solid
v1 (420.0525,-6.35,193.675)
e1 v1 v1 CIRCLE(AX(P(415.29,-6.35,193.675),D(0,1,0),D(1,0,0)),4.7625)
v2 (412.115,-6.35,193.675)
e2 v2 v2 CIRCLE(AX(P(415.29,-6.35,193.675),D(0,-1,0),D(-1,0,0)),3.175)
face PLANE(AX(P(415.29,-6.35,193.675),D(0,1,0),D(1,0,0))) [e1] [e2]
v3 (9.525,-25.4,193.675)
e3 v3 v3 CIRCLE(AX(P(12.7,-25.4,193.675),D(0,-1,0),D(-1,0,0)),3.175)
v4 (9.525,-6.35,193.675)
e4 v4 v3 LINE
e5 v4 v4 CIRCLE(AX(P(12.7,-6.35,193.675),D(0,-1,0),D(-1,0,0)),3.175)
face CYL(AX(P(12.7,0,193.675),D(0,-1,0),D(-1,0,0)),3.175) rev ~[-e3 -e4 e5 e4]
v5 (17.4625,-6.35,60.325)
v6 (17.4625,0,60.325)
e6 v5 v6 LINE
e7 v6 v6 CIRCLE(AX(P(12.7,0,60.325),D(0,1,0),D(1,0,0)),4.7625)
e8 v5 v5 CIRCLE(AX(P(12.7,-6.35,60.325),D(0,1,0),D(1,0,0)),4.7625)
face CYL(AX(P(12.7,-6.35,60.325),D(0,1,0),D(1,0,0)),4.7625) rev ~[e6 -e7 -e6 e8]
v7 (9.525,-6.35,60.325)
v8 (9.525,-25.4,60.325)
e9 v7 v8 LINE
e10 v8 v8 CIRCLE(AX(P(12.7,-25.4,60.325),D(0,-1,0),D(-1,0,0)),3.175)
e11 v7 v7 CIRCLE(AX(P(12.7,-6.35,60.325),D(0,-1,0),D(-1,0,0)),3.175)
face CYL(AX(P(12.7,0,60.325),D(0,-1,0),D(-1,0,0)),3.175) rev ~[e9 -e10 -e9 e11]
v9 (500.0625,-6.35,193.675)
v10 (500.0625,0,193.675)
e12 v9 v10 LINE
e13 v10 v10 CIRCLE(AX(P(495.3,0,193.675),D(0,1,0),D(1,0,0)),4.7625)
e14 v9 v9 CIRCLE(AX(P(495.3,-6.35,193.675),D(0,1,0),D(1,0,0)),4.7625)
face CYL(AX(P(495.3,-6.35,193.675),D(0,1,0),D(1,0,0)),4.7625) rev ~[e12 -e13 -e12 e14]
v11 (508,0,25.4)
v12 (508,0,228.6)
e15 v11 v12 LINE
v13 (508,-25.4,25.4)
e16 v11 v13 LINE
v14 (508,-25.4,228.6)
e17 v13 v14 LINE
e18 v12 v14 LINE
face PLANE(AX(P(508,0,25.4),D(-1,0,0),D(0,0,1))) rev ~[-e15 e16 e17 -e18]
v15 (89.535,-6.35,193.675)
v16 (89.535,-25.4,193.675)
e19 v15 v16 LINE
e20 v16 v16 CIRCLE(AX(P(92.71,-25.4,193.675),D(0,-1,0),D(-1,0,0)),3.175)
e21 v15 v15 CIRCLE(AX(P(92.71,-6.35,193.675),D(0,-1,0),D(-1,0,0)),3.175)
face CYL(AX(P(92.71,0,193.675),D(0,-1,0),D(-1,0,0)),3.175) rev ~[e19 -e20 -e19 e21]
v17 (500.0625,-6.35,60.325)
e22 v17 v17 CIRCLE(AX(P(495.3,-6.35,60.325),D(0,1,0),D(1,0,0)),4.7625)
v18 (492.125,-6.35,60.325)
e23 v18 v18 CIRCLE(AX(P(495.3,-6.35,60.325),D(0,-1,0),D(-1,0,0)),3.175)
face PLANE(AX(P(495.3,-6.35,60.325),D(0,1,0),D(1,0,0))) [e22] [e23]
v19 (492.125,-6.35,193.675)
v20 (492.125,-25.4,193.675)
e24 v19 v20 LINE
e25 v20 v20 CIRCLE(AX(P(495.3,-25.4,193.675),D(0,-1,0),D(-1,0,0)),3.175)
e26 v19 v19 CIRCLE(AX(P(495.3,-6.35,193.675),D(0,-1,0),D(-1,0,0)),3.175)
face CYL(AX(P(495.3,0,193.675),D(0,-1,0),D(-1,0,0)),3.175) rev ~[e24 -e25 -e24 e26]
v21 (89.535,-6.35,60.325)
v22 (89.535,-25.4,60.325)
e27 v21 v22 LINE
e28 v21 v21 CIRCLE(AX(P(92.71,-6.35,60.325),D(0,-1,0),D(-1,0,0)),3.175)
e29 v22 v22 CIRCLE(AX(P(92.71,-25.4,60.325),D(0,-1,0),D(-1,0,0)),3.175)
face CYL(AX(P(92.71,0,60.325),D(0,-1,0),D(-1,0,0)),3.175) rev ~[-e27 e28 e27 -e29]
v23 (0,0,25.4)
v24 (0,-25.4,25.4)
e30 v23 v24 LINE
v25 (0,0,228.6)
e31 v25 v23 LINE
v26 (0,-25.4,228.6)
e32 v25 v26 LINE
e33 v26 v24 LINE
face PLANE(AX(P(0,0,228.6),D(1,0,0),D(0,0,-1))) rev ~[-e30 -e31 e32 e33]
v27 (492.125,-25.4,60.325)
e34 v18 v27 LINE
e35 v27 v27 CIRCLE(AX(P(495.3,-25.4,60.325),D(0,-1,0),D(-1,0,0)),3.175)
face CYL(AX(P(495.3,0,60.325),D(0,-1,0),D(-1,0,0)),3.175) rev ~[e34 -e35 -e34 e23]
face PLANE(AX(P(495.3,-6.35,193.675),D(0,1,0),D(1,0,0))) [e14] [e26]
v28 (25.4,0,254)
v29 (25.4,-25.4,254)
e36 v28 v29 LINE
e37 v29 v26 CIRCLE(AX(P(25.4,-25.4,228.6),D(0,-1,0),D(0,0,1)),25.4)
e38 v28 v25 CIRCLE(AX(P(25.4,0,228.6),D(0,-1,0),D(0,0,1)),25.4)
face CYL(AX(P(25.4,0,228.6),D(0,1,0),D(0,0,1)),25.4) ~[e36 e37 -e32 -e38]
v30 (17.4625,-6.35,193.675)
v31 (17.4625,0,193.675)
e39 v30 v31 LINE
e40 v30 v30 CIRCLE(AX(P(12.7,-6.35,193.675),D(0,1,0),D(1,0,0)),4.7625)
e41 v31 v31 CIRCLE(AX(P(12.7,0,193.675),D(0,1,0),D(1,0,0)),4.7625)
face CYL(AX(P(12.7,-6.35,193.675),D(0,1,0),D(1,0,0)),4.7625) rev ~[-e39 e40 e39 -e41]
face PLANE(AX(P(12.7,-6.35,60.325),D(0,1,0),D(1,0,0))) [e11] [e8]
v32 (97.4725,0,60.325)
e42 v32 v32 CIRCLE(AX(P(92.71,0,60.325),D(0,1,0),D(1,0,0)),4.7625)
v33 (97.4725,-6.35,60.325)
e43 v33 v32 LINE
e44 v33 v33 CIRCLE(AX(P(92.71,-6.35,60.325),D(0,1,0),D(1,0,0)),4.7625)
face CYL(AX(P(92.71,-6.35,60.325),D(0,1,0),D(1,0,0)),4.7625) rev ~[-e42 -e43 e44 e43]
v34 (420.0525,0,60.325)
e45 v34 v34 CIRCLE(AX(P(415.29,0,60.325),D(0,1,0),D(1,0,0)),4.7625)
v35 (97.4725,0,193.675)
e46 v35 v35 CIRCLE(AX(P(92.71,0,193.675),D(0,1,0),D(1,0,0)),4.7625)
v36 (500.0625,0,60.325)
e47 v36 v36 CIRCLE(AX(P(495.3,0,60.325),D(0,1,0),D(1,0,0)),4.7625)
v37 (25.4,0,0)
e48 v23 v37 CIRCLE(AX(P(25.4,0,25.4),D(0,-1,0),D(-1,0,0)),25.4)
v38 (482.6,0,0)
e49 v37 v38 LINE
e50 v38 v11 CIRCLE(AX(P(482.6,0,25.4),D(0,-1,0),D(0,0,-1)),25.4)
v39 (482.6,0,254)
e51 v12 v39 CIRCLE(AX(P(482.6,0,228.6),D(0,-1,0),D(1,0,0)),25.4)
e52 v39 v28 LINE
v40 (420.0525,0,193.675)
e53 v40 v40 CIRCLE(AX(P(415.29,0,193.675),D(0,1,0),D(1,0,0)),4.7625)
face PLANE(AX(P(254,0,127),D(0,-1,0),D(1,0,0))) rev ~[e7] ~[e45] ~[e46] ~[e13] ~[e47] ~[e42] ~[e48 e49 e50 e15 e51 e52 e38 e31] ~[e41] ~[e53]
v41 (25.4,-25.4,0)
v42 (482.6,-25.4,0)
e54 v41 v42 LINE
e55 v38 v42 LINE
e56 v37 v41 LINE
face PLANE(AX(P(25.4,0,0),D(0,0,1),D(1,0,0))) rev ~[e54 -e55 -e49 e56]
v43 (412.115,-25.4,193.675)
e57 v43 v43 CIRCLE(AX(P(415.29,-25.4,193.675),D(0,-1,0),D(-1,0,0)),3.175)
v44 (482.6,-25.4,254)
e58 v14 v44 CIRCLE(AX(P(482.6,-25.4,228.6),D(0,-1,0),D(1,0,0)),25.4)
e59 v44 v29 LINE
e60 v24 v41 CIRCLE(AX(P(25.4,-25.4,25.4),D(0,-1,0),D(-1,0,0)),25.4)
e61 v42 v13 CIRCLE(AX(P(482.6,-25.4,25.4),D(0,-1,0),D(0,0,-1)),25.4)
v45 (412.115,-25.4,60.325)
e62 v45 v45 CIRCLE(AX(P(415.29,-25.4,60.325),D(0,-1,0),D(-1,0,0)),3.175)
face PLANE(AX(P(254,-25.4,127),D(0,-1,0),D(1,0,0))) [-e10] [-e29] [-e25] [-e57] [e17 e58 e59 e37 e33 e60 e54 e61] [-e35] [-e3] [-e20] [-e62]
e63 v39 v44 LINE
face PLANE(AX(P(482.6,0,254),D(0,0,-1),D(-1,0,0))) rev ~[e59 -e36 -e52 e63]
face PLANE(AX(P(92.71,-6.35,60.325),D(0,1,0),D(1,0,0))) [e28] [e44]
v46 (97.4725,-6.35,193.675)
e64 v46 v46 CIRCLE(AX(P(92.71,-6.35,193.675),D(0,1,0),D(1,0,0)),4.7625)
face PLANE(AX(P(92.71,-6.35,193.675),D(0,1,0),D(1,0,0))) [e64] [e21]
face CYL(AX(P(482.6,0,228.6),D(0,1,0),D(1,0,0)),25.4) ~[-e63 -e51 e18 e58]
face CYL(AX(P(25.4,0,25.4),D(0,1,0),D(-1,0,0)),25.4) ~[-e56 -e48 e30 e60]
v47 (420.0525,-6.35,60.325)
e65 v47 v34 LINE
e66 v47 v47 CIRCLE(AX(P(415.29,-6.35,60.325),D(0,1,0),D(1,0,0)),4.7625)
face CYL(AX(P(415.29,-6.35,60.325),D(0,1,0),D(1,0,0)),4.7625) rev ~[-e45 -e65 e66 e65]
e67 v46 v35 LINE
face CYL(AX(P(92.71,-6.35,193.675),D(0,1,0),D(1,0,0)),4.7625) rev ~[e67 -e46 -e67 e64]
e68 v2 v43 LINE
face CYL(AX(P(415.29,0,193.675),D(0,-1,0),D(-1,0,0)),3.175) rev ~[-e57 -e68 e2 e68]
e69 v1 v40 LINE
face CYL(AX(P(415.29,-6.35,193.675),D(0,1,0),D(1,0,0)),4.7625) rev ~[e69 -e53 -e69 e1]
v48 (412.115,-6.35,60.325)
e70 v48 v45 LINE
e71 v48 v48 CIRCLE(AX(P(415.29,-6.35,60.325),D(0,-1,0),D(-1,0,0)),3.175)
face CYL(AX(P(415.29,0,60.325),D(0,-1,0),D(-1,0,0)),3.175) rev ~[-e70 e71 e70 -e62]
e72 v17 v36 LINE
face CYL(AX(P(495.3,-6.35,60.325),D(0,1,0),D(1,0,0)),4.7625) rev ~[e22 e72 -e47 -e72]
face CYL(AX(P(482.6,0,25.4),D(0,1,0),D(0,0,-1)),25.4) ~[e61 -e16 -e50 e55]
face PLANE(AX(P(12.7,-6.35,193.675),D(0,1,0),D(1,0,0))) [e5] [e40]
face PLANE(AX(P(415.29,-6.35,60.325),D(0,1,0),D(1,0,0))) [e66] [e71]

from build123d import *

# Parameters (mm, degrees)
F1_DEPTH       = 25.4
F2_D           = 6.35
F2_CBORE_D     = 9.525
F2_CBORE_DEPTH = 6.35


with BuildPart() as f1:
    # F0 (on Front) → F1 (new body)
    with BuildSketch(Plane.XZ):
        with BuildLine():
            Line((0, 228.6), (0, 25.4))
            ThreePointArc((0, 25.4), (7.4394877579, 7.4394877579), (25.4, 0))
            Line((25.4, 0), (482.6, 0))
            ThreePointArc((482.6, 0), (500.5605122421, 7.4394877579), (508, 25.4))
            Line((508, 25.4), (508, 228.6))
            ThreePointArc((508, 228.6), (500.5605122421, 246.5605122421), (482.6, 254))
            Line((482.6, 254), (25.4, 254))
            ThreePointArc((25.4, 254), (7.4394877579, 246.5605122421), (0, 228.6))
        make_face()
    extrude(amount=F1_DEPTH)

    # F2 (through all)
    with Locations(Plane(origin=(0, 0, 0), x_dir=(1, 0, 0), z_dir=(0, 1, 0))):
        with Locations((12.7, -193.675), (92.71, -193.675), (12.7, -60.325), (92.71, -60.325), (415.29, -193.675), (495.3, -193.675), (415.29, -60.325), (495.3, -60.325)):
            CounterBoreHole(F2_D / 2, F2_CBORE_D / 2, F2_CBORE_DEPTH)


solid = f1.part
